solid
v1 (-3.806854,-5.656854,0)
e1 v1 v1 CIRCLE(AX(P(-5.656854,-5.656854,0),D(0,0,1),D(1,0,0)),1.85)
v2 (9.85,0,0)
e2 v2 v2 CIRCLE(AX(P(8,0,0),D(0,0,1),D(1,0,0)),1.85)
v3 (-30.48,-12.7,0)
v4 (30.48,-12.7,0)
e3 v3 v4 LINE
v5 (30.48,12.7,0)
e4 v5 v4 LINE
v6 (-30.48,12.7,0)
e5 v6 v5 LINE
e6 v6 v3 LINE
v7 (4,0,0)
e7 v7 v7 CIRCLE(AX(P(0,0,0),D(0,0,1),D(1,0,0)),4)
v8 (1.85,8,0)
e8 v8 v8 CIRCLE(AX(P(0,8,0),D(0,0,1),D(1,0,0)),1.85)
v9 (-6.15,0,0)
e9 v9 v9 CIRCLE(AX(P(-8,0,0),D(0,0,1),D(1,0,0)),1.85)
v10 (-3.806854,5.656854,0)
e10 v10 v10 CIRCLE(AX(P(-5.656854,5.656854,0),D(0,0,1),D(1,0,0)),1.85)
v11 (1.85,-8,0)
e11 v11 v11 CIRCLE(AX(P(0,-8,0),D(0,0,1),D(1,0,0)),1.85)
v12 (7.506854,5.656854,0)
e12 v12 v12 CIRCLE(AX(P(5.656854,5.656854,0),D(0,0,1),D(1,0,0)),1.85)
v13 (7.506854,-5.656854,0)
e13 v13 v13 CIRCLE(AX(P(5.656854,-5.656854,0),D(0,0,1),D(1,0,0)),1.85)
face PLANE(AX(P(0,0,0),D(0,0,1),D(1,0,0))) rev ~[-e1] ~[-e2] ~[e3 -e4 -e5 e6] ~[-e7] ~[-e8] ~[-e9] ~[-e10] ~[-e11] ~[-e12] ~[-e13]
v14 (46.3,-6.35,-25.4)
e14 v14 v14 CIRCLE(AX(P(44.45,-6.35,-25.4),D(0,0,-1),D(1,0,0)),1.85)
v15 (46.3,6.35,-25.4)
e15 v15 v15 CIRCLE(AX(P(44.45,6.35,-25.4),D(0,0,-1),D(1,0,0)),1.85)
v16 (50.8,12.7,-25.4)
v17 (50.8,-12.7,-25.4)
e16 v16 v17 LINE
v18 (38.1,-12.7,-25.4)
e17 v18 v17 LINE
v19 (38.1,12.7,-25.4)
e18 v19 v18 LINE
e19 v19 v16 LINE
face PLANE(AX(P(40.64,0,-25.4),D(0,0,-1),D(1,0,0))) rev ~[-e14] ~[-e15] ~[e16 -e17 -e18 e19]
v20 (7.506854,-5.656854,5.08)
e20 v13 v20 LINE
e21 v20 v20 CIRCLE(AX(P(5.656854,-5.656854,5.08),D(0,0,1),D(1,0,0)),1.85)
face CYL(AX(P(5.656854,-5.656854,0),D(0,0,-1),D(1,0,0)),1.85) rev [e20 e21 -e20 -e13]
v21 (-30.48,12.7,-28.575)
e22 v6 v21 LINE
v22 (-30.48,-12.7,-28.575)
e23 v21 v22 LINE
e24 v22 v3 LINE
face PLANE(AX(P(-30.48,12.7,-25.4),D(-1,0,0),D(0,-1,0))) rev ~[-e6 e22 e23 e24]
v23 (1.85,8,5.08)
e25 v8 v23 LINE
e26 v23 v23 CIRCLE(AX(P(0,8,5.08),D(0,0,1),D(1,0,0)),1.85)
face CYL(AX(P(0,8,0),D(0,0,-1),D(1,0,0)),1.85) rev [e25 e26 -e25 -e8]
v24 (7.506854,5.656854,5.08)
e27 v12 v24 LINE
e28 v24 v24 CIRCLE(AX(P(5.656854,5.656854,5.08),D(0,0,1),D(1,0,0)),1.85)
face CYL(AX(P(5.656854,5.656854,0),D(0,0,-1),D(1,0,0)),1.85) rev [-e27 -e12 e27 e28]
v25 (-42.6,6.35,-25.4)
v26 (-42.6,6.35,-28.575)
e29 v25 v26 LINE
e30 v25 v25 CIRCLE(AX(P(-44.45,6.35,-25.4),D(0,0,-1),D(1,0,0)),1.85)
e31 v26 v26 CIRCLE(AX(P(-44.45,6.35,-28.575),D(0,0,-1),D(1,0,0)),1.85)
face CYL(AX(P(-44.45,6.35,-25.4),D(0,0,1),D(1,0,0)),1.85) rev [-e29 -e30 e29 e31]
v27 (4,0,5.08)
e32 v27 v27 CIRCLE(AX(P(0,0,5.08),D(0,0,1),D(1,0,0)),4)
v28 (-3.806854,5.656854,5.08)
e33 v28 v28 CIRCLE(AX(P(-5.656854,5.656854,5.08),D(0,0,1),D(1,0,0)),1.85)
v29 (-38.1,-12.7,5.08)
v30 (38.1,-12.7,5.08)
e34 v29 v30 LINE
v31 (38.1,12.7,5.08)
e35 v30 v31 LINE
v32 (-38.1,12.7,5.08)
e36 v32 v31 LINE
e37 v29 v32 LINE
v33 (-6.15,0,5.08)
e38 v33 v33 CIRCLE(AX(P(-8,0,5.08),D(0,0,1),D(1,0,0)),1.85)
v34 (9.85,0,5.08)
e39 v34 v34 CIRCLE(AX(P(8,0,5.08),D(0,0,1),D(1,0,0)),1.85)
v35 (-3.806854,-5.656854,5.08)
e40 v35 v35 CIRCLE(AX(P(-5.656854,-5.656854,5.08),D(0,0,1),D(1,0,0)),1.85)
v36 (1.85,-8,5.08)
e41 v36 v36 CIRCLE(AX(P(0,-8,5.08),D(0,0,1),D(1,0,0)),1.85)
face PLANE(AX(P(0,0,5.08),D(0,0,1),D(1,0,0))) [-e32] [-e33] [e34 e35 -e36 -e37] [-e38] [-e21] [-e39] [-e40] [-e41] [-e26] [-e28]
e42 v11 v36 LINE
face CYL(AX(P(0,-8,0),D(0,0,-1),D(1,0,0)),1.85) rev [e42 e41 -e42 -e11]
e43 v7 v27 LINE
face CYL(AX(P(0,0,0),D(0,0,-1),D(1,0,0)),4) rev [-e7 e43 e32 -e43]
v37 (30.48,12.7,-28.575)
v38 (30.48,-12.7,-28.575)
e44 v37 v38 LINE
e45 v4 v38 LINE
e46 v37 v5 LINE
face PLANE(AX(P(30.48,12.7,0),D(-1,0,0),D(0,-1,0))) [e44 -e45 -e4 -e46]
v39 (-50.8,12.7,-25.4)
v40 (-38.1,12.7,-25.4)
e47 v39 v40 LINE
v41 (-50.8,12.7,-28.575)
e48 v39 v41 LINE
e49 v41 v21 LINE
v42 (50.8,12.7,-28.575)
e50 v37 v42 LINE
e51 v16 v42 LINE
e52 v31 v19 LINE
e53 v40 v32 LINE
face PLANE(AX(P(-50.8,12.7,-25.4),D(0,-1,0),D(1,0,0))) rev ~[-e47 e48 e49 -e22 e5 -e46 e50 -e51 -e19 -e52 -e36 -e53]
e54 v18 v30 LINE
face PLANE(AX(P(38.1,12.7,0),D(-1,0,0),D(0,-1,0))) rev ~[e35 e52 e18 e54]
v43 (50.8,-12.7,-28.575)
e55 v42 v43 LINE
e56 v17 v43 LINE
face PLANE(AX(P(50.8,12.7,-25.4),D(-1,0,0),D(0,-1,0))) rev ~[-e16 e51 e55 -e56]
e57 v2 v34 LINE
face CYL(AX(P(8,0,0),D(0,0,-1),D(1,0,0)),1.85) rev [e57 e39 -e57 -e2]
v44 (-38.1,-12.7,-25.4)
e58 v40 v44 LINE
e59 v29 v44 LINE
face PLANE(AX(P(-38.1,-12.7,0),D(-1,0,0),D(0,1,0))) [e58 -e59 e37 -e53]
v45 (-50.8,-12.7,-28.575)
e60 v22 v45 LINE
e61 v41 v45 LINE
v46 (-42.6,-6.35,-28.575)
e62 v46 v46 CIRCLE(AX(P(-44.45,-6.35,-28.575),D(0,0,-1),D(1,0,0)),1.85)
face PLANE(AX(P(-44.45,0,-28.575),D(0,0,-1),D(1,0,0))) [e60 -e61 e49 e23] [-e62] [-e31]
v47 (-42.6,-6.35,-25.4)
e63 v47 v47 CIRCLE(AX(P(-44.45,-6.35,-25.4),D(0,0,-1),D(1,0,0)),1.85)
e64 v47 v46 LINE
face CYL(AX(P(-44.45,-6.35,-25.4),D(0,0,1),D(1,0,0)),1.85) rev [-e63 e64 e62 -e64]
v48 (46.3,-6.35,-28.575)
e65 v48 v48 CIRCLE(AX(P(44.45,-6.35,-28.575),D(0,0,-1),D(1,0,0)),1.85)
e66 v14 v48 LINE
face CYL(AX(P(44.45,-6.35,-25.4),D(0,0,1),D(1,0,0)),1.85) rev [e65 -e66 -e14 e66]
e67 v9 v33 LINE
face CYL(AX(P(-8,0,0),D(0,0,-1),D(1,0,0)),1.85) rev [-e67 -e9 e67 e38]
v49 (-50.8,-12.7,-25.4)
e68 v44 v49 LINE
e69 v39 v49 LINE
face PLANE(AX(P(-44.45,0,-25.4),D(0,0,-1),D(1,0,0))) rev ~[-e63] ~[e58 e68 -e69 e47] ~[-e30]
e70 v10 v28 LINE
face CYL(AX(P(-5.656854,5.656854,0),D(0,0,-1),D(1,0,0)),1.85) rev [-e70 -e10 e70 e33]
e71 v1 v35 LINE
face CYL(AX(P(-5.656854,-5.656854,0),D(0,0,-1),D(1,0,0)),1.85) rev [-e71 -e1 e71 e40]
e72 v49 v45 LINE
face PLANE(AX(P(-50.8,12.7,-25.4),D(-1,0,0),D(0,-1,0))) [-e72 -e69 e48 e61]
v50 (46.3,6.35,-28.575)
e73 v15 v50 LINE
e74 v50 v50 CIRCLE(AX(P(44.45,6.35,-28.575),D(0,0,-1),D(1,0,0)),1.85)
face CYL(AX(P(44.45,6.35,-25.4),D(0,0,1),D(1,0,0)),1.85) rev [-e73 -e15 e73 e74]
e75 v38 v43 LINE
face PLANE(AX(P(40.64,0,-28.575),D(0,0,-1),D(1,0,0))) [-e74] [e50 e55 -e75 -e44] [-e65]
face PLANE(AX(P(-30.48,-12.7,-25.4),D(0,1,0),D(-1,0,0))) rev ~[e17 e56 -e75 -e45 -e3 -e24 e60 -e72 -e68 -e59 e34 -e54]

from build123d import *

# Parameters (mm, degrees)
F0_W     = 76.2
F0_H     = 25.4
F0_R     = 1.85
F0_R_2   = 4
F1_DEPTH = 5.08
F2_W     = 7.62
F2_H     = 25.4
F3_DEPTH = 25.4
F4_W     = 12.7
F4_H     = 25.4
F4_R     = 1.85
F4_W_2   = 7.62
F4_W_3   = 20.32
F5_DEPTH = 3.175


with BuildPart() as f1:
    # F0 (on Top) → F1 (new body)
    with BuildSketch(Plane.XY):
        Rectangle(F0_W, F0_H)
        with Locations((-5.656854, -5.656854)):
            Circle(F0_R, mode=Mode.SUBTRACT)
        with Locations((-8, 0)):
            Circle(F0_R, mode=Mode.SUBTRACT)
        with Locations((0, -8)):
            Circle(F0_R, mode=Mode.SUBTRACT)
        with Locations((5.656854, -5.656854)):
            Circle(F0_R, mode=Mode.SUBTRACT)
        Circle(F0_R_2, mode=Mode.SUBTRACT)
        with Locations((8, 0)):
            Circle(F0_R, mode=Mode.SUBTRACT)
        with Locations((-5.656854, 5.656854)):
            Circle(F0_R, mode=Mode.SUBTRACT)
        with Locations((5.656854, 5.656854)):
            Circle(F0_R, mode=Mode.SUBTRACT)
        with Locations((0, 8)):
            Circle(F0_R, mode=Mode.SUBTRACT)
    extrude(amount=F1_DEPTH)

    # F2 (on face) → F3 (join)
    with BuildSketch(Plane(origin=(0, 0, 0), x_dir=(1, 0, 0), z_dir=(0, 0, -1))):
        with Locations((34.29, 0)):
            Rectangle(F2_W, F2_H)
        with Locations((-34.29, 0)):
            Rectangle(F2_W, F2_H)
    extrude(amount=F3_DEPTH)

    # F4 (on face) → F5 (join)
    with BuildSketch(Plane(origin=(0, 0, -25.4), x_dir=(1, 0, 0), z_dir=(0, 0, -1))):
        with Locations((-44.45, 0)):
            Rectangle(F4_W, F4_H)
        with Locations((-44.45, -6.35)):
            Circle(F4_R, mode=Mode.SUBTRACT)
        with Locations((-44.45, 6.35)):
            Circle(F4_R, mode=Mode.SUBTRACT)
        with Locations((-34.29, 0)):
            Rectangle(F4_W_2, F4_H)
        with Locations((40.64, 0)):
            Rectangle(F4_W_3, F4_H)
        with Locations((44.45, -6.35)):
            Circle(F4_R, mode=Mode.SUBTRACT)
        with Locations((44.45, 6.35)):
            Circle(F4_R, mode=Mode.SUBTRACT)
    extrude(amount=F5_DEPTH)


solid = f1.part
